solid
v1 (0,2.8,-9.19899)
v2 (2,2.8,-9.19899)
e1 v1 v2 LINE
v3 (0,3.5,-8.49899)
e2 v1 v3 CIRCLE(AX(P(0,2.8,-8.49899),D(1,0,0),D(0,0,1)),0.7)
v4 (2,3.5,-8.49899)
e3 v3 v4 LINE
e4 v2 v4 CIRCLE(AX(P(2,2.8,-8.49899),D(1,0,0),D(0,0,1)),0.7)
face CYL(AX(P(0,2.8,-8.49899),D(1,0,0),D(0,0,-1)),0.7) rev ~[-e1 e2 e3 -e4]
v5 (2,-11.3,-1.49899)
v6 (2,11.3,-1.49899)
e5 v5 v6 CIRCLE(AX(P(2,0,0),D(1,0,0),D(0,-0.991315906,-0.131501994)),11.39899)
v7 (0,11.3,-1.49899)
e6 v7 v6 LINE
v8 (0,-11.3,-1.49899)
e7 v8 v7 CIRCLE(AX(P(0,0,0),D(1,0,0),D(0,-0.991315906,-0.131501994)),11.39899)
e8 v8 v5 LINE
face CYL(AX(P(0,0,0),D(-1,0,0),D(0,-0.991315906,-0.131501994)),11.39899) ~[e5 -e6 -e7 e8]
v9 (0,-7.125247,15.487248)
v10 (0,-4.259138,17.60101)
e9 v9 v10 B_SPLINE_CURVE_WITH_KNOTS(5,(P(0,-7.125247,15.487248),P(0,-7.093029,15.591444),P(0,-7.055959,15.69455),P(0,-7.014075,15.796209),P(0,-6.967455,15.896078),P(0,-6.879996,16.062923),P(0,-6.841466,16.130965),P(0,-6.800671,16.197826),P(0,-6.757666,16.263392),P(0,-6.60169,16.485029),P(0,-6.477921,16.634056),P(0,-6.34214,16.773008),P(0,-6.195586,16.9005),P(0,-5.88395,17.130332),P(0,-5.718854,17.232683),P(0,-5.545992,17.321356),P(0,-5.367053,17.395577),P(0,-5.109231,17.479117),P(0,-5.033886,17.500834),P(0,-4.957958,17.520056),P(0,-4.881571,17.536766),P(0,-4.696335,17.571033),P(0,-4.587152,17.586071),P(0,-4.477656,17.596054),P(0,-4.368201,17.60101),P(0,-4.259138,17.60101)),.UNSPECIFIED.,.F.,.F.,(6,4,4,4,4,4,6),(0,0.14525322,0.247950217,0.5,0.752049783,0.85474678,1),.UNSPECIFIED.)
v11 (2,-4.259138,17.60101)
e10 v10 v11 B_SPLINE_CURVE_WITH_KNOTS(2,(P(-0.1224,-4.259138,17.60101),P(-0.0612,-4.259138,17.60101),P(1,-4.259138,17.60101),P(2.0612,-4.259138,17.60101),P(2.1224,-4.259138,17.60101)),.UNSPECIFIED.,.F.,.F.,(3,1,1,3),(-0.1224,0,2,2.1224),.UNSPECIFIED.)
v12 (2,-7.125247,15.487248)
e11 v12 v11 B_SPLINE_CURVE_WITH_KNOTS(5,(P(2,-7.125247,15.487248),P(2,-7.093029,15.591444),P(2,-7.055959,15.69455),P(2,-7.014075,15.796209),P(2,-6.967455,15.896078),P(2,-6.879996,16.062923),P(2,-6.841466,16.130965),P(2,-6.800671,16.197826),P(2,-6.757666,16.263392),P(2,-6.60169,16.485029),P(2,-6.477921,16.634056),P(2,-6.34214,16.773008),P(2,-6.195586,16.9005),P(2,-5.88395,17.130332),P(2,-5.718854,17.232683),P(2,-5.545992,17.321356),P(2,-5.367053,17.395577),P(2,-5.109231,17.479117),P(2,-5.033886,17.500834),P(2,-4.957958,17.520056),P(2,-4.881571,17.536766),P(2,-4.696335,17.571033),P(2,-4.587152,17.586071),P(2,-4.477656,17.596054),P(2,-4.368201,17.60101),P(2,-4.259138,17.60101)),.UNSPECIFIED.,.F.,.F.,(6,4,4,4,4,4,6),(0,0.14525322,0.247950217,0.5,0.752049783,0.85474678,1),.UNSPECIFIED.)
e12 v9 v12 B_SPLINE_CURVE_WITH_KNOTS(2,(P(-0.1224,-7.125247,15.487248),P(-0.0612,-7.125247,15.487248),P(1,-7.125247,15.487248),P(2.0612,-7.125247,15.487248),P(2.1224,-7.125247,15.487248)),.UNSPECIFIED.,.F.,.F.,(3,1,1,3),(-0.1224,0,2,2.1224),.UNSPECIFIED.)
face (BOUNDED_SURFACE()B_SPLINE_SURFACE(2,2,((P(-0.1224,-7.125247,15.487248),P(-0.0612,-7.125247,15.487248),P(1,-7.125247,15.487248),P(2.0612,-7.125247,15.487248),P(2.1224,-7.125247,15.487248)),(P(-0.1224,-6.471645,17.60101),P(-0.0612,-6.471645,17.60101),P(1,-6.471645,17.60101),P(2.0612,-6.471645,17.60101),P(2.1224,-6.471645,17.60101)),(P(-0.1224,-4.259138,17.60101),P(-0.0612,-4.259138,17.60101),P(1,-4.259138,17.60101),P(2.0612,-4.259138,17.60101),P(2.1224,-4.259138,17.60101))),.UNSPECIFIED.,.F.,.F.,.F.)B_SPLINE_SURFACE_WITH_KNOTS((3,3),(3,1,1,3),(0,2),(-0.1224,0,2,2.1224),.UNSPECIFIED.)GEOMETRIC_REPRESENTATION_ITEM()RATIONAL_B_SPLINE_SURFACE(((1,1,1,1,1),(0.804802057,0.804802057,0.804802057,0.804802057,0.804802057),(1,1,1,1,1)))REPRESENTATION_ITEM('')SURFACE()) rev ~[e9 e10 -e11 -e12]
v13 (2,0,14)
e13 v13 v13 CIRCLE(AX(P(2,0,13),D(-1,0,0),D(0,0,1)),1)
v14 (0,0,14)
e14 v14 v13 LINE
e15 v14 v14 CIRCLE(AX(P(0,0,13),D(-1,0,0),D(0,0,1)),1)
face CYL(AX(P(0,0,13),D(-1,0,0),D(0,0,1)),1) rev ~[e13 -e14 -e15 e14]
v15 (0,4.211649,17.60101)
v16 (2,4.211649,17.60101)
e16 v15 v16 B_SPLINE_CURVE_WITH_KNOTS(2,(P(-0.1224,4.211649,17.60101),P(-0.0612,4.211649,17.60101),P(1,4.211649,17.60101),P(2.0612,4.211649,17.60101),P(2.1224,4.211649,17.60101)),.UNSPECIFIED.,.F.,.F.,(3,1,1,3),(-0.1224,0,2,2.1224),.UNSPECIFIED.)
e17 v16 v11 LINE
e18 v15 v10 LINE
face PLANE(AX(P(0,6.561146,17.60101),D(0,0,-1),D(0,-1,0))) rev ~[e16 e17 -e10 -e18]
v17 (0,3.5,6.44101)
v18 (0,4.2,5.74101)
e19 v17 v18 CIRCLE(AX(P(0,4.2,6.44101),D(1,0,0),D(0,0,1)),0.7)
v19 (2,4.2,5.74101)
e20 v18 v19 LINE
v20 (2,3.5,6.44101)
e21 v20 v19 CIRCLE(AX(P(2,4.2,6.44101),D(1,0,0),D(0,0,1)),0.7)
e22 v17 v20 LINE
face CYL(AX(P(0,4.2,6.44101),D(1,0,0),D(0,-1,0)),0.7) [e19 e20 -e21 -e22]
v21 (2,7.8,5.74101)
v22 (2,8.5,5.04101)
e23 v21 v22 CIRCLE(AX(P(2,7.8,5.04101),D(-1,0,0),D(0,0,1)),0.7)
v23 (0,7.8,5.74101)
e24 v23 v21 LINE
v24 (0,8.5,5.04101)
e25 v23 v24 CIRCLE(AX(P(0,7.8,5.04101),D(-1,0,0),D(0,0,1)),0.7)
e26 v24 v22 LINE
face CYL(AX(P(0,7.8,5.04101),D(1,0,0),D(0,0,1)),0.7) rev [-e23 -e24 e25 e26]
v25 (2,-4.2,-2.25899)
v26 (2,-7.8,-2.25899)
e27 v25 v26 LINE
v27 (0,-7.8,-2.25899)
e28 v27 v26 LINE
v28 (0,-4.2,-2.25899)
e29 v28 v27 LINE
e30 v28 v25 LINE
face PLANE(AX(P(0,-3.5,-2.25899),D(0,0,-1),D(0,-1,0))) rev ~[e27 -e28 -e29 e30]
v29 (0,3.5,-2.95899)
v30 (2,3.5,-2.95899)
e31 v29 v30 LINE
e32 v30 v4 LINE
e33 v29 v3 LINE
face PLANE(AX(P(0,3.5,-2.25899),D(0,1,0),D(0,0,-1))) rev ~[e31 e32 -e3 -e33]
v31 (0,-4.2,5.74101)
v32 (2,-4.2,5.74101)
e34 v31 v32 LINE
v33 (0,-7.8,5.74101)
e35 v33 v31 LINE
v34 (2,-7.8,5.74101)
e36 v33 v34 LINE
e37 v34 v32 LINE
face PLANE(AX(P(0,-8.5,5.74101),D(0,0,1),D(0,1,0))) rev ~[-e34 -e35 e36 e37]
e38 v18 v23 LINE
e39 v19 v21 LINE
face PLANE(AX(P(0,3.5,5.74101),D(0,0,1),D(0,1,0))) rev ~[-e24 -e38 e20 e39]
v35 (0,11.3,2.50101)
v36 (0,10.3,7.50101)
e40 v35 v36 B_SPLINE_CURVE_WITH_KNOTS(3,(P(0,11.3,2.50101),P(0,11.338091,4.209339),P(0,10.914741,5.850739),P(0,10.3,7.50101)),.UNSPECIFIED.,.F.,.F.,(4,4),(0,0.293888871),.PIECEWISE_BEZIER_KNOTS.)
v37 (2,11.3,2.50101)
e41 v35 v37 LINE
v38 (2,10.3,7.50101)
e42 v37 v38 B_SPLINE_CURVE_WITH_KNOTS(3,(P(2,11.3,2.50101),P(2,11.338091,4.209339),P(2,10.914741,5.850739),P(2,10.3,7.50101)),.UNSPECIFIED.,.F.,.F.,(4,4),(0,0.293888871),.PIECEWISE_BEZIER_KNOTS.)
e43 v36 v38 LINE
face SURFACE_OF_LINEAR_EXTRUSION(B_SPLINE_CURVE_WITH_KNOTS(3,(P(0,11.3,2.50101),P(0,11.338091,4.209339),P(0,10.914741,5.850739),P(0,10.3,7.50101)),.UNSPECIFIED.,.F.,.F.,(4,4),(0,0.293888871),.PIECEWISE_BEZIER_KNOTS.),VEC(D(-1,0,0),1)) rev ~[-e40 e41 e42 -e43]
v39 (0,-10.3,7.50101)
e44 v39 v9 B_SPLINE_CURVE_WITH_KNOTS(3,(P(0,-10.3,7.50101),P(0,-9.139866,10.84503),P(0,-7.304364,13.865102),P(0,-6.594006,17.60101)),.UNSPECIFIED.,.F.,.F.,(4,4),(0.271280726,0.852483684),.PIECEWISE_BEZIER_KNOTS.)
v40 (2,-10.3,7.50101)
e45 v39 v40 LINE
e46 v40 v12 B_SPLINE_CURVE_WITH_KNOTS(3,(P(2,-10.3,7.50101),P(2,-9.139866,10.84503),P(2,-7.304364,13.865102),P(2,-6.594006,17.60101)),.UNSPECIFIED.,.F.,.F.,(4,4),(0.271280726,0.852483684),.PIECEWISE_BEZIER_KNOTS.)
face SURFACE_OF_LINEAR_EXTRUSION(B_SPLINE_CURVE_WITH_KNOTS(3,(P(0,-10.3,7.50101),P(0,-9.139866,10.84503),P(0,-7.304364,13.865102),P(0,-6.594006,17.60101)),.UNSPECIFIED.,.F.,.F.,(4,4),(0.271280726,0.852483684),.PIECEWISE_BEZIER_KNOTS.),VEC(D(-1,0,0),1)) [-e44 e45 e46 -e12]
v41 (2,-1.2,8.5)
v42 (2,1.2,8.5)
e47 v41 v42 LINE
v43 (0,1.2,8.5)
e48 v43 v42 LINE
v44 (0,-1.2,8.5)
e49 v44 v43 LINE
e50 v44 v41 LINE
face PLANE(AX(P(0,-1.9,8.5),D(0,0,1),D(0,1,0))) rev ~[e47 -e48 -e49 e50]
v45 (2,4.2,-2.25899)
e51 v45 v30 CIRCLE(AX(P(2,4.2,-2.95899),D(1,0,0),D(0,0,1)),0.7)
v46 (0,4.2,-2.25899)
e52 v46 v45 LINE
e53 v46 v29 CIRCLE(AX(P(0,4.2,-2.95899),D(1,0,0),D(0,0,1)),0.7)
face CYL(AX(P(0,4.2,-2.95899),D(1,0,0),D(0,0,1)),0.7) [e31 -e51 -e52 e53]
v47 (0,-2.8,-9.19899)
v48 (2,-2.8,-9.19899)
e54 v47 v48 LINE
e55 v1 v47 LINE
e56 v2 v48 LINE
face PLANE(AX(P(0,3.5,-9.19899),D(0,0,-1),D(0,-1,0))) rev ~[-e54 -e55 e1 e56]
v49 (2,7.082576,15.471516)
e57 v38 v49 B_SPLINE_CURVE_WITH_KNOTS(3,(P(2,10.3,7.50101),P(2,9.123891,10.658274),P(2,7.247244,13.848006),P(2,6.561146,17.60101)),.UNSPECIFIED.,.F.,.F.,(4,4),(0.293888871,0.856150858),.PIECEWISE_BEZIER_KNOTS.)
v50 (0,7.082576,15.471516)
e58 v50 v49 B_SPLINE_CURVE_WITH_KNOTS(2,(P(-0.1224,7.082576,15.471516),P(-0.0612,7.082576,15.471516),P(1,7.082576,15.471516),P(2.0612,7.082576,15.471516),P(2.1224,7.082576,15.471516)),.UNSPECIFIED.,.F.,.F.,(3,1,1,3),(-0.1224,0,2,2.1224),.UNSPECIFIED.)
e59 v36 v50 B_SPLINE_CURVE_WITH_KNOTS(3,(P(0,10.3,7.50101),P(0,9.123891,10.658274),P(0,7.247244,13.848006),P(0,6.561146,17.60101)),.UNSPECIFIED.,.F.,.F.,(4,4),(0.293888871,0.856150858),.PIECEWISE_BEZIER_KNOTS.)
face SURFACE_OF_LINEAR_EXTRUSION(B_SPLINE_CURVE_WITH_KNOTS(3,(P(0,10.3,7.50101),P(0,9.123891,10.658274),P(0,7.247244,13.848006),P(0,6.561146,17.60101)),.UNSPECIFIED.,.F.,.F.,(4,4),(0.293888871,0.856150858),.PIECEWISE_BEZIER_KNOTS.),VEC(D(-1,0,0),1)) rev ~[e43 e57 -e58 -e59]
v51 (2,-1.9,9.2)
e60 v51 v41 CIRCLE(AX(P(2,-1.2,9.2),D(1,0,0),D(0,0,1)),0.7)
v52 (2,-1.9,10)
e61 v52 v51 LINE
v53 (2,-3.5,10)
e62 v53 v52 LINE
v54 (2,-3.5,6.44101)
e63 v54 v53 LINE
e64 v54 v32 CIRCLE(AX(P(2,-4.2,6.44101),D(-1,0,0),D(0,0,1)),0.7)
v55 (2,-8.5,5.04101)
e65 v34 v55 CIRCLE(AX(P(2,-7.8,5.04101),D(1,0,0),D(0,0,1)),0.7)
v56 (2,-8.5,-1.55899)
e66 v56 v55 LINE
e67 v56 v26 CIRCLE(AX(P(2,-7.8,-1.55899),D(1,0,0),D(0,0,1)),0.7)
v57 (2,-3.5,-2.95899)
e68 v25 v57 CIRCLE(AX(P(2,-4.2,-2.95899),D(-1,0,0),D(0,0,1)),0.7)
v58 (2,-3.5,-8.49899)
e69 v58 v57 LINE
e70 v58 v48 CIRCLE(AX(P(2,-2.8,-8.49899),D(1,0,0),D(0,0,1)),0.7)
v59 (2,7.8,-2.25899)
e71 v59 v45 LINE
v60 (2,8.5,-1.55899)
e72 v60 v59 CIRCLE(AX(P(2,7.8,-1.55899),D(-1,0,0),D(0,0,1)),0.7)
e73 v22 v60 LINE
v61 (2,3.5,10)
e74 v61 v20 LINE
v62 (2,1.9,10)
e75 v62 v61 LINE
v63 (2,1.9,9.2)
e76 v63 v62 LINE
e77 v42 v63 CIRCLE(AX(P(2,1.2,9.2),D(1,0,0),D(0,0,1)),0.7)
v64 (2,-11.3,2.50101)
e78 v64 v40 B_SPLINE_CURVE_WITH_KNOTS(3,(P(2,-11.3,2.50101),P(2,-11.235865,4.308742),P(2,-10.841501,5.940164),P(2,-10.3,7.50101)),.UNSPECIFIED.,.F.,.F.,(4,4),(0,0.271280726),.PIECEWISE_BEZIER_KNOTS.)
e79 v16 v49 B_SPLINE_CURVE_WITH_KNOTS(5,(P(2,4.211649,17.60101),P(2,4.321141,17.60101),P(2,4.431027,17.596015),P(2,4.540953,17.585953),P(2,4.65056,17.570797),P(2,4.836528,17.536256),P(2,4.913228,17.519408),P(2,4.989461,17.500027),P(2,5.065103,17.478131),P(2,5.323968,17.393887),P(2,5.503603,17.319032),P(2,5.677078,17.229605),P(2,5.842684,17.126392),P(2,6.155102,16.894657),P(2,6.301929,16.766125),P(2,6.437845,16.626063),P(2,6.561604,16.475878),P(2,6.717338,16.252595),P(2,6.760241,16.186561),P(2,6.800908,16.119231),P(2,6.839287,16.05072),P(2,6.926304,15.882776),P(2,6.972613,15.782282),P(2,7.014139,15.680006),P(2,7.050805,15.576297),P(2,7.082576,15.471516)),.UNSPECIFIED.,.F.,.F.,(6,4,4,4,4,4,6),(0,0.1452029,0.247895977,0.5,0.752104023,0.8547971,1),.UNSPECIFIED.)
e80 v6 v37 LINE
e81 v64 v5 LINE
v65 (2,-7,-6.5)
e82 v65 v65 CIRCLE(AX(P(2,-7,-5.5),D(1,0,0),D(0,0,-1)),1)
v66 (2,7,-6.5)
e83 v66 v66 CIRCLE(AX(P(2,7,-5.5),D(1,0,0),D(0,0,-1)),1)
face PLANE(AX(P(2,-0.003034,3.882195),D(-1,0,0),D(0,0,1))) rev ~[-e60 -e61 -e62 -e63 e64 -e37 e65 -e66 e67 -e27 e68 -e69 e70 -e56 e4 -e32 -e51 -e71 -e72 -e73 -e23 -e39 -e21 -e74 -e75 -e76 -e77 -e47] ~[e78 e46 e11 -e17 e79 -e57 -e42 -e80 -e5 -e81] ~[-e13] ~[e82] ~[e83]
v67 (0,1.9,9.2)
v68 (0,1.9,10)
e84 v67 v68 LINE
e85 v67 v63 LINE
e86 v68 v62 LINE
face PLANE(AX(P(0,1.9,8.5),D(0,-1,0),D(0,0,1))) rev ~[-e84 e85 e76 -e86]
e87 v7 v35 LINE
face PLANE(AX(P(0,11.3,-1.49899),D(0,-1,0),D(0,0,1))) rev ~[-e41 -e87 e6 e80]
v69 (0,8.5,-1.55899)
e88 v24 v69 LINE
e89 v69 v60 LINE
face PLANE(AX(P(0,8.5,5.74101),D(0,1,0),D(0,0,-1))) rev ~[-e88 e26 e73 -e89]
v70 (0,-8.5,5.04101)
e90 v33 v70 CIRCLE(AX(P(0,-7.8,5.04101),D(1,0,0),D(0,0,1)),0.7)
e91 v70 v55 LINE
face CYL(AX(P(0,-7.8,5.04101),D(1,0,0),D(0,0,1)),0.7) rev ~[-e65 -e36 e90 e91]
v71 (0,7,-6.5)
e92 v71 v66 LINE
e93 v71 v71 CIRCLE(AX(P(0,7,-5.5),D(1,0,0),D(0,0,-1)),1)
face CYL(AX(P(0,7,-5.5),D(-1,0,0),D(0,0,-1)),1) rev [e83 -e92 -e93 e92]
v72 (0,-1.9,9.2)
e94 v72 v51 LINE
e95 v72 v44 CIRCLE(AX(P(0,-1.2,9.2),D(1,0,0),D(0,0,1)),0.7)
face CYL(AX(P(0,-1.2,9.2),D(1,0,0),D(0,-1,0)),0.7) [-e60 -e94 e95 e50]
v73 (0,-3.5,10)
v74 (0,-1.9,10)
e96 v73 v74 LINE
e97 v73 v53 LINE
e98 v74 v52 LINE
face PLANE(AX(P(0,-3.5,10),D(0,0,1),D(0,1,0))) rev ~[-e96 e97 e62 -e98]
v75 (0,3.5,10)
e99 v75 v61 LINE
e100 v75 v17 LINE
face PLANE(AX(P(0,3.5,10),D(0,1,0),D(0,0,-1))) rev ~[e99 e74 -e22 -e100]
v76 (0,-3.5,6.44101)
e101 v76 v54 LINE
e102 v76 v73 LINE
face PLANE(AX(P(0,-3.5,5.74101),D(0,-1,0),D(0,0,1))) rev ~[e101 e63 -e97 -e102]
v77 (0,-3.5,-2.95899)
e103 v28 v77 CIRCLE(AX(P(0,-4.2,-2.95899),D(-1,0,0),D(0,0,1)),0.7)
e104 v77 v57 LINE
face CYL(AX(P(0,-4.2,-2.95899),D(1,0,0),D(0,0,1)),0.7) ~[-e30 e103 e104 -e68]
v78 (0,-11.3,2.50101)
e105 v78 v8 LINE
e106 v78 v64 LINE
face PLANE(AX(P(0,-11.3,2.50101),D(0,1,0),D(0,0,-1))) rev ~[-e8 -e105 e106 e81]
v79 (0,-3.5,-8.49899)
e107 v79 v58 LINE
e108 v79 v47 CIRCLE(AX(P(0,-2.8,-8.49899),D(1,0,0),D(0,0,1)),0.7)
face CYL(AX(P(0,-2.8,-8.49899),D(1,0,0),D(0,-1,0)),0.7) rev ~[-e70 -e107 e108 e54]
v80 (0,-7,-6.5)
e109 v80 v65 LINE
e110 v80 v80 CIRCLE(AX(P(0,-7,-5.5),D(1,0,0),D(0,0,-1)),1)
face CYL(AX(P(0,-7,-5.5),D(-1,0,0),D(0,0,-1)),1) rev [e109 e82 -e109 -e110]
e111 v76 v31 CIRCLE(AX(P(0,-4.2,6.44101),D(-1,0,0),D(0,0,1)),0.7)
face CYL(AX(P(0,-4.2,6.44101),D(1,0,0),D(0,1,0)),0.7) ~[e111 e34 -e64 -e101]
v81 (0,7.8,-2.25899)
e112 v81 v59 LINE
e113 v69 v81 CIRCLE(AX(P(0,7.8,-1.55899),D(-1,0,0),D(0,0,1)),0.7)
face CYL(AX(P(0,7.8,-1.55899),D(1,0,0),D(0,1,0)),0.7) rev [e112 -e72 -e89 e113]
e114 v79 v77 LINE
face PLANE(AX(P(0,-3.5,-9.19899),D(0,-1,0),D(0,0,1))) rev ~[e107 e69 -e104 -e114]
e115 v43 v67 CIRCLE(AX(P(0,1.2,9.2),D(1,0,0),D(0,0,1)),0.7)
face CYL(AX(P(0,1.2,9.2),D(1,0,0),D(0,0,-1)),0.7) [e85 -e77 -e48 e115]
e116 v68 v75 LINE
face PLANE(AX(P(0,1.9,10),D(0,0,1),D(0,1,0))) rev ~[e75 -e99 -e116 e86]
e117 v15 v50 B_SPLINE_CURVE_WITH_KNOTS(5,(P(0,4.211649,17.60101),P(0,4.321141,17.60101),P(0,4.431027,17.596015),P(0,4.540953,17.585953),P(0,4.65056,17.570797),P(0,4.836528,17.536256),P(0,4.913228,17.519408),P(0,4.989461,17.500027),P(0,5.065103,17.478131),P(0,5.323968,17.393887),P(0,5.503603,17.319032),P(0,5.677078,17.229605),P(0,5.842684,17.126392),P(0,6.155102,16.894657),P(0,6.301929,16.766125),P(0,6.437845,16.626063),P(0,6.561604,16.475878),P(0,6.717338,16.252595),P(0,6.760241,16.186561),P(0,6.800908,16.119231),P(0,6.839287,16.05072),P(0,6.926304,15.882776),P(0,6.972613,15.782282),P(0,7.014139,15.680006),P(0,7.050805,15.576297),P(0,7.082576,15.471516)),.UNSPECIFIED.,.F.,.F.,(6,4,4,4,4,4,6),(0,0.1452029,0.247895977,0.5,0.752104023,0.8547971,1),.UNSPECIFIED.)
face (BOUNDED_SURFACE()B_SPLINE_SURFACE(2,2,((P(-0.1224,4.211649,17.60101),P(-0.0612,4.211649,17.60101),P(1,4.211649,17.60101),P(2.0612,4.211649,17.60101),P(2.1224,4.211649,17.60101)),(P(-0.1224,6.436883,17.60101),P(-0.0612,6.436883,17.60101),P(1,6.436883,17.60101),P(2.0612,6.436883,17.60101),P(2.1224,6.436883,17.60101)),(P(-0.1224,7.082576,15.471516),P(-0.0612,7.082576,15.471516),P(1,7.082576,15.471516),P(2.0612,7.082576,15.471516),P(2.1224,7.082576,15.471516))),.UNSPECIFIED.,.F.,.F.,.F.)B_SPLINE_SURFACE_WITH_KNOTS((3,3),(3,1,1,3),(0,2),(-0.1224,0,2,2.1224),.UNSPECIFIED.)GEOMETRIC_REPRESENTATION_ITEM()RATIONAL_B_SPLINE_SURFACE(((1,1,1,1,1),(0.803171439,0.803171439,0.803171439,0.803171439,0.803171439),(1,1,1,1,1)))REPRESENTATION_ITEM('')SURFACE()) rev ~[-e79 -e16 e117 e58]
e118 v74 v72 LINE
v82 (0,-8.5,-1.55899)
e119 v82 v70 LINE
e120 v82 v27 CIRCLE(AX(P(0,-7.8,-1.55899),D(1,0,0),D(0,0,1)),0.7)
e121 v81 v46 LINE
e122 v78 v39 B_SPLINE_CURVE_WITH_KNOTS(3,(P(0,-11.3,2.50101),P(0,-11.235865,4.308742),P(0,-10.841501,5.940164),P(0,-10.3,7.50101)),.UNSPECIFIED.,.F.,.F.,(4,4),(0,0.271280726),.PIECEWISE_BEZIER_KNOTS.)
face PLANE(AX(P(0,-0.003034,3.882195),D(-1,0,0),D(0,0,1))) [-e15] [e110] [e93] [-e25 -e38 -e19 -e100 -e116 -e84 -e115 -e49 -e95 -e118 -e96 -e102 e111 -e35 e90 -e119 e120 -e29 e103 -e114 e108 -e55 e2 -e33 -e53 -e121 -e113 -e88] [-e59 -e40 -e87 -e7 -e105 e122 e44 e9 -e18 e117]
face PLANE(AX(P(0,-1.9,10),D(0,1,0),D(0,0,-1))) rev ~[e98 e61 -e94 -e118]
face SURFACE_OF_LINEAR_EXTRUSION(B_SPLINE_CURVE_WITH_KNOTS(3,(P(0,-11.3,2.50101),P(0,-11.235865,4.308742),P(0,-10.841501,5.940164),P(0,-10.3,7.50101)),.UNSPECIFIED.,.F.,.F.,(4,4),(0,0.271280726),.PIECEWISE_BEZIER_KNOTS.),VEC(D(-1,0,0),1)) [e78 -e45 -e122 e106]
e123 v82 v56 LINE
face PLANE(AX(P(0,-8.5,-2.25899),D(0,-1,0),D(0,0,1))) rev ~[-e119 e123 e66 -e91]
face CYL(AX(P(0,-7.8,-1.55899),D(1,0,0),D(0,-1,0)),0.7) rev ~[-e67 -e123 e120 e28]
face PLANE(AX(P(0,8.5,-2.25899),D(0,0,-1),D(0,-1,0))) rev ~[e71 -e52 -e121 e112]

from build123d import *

# Parameters (mm, degrees)
SCHIZZO1_R                   = 1
ESTRUSIONE_ESTRUSIONE1_DEPTH = 2
RACCORDO2_R                  = 3
RACCORDO3_R                  = 3
RACCORDO4_R                  = 0.7
RACCORDO5_R                  = 0.7


with BuildPart() as part:
    # Schizzo1 → Estrusione-Estrusione1 (new body)
    with BuildSketch(Plane(origin=(0, 0, 0), x_dir=(0, 0, -1), z_dir=(1, 0, 0))):
        with BuildLine():
            add(Edge.make_bspline(
                [(-7.501010101, -10.3), (-10.845030199, -9.13986581), (-13.865102381, -7.304364218), (-17.601010101, -6.594005849)],
                knots=[0.271280726, 0.271280726, 0.271280726, 0.271280726, 0.852483684, 0.852483684, 0.852483684, 0.852483684], degree=3))
            add(Edge.make_bspline(
                [(-2.501010101, -11.3), (-4.308742426, -11.235865063), (-5.940164296, -10.841501107), (-7.501010101, -10.3)],
                knots=[0, 0, 0, 0, 0.271280726, 0.271280726, 0.271280726, 0.271280726], degree=3))
            Line((-2.501010101, -11.3), (1.498989899, -11.3))
            ThreePointArc((1.498989899, -11.3), (11.398989899, 0), (1.498989899, 11.3))
            Line((1.498989899, 11.3), (-2.501010101, 11.3))
            add(Edge.make_bspline(
                [(-2.501010101, 11.3), (-4.209338931, 11.338090952), (-5.850739142, 10.914740779), (-7.501010101, 10.3)],
                knots=[0, 0, 0, 0, 0.293888871, 0.293888871, 0.293888871, 0.293888871], degree=3))
            add(Edge.make_bspline(
                [(-7.501010101, 10.3), (-10.658273676, 9.123890914), (-13.848006436, 7.247243694), (-17.601010101, 6.561146452)],
                knots=[0.293888871, 0.293888871, 0.293888871, 0.293888871, 0.856150858, 0.856150858, 0.856150858, 0.856150858], degree=3))
            Line((-17.601010101, 6.561146452), (-17.601010101, 0))
            Line((-17.601010101, 0), (-17.601010101, -6.594005849))
        make_face()
        Polygon((-8.5, 1.9), (-10, 1.9), (-10, 3.5), (-5.741010101, 3.5), (-5.741010101, 8.5), (2.258989899, 8.5), (2.258989899, 3.5), (9.198989899, 3.5), (9.198989899, -3.5), (2.258989899, -3.5), (2.258989899, -8.5), (-5.741010101, -8.5), (-5.741010101, -3.5), (-10, -3.5), (-10, -1.9), (-8.5, -1.9), align=None, mode=Mode.SUBTRACT)
        with BuildLine():
            ThreePointArc((-12, 0), (-13, -1), (-14, 0))
            ThreePointArc((-14, 0), (-13, 1), (-12, 0))
        make_face(mode=Mode.SUBTRACT)
        with Locations((5.5, -7)):
            Circle(SCHIZZO1_R, mode=Mode.SUBTRACT)
        with Locations((5.5, 7)):
            Circle(SCHIZZO1_R, mode=Mode.SUBTRACT)
    extrude(amount=ESTRUSIONE_ESTRUSIONE1_DEPTH)

    # Raccordo2
    raccordo2_edges = [part.edges().sort_by_distance(p)[0] for p in [
        (1, -6.594005849, 17.601010101),
    ]]
    fillet(raccordo2_edges, radius=RACCORDO2_R)

    # Raccordo3
    raccordo3_edges = [part.edges().sort_by_distance(p)[0] for p in [
        (1, 6.561146452, 17.601010101),
    ]]
    fillet(raccordo3_edges, radius=RACCORDO3_R)

    # Raccordo4
    raccordo4_edges = [part.edges().sort_by_distance(p)[0] for p in [
        (1, 3.5, -9.198989899),
        (1, 3.5, -2.258989899),
        (1, 8.5, -2.258989899),
        (1, 8.5, 5.741010101),
        (1, 3.5, 5.741010101),
        (1, -3.5, 5.741010101),
        (1, -8.5, 5.741010101),
        (1, -8.5, -2.258989899),
        (1, -3.5, -9.198989899),
        (1, -3.5, -2.258989899),
    ]]
    fillet(raccordo4_edges, radius=RACCORDO4_R)

    # Raccordo5
    raccordo5_edges = [part.edges().sort_by_distance(p)[0] for p in [
        (1, 1.9, 8.5),
        (1, -1.9, 8.5),
    ]]
    fillet(raccordo5_edges, radius=RACCORDO5_R)


solid = part.part
